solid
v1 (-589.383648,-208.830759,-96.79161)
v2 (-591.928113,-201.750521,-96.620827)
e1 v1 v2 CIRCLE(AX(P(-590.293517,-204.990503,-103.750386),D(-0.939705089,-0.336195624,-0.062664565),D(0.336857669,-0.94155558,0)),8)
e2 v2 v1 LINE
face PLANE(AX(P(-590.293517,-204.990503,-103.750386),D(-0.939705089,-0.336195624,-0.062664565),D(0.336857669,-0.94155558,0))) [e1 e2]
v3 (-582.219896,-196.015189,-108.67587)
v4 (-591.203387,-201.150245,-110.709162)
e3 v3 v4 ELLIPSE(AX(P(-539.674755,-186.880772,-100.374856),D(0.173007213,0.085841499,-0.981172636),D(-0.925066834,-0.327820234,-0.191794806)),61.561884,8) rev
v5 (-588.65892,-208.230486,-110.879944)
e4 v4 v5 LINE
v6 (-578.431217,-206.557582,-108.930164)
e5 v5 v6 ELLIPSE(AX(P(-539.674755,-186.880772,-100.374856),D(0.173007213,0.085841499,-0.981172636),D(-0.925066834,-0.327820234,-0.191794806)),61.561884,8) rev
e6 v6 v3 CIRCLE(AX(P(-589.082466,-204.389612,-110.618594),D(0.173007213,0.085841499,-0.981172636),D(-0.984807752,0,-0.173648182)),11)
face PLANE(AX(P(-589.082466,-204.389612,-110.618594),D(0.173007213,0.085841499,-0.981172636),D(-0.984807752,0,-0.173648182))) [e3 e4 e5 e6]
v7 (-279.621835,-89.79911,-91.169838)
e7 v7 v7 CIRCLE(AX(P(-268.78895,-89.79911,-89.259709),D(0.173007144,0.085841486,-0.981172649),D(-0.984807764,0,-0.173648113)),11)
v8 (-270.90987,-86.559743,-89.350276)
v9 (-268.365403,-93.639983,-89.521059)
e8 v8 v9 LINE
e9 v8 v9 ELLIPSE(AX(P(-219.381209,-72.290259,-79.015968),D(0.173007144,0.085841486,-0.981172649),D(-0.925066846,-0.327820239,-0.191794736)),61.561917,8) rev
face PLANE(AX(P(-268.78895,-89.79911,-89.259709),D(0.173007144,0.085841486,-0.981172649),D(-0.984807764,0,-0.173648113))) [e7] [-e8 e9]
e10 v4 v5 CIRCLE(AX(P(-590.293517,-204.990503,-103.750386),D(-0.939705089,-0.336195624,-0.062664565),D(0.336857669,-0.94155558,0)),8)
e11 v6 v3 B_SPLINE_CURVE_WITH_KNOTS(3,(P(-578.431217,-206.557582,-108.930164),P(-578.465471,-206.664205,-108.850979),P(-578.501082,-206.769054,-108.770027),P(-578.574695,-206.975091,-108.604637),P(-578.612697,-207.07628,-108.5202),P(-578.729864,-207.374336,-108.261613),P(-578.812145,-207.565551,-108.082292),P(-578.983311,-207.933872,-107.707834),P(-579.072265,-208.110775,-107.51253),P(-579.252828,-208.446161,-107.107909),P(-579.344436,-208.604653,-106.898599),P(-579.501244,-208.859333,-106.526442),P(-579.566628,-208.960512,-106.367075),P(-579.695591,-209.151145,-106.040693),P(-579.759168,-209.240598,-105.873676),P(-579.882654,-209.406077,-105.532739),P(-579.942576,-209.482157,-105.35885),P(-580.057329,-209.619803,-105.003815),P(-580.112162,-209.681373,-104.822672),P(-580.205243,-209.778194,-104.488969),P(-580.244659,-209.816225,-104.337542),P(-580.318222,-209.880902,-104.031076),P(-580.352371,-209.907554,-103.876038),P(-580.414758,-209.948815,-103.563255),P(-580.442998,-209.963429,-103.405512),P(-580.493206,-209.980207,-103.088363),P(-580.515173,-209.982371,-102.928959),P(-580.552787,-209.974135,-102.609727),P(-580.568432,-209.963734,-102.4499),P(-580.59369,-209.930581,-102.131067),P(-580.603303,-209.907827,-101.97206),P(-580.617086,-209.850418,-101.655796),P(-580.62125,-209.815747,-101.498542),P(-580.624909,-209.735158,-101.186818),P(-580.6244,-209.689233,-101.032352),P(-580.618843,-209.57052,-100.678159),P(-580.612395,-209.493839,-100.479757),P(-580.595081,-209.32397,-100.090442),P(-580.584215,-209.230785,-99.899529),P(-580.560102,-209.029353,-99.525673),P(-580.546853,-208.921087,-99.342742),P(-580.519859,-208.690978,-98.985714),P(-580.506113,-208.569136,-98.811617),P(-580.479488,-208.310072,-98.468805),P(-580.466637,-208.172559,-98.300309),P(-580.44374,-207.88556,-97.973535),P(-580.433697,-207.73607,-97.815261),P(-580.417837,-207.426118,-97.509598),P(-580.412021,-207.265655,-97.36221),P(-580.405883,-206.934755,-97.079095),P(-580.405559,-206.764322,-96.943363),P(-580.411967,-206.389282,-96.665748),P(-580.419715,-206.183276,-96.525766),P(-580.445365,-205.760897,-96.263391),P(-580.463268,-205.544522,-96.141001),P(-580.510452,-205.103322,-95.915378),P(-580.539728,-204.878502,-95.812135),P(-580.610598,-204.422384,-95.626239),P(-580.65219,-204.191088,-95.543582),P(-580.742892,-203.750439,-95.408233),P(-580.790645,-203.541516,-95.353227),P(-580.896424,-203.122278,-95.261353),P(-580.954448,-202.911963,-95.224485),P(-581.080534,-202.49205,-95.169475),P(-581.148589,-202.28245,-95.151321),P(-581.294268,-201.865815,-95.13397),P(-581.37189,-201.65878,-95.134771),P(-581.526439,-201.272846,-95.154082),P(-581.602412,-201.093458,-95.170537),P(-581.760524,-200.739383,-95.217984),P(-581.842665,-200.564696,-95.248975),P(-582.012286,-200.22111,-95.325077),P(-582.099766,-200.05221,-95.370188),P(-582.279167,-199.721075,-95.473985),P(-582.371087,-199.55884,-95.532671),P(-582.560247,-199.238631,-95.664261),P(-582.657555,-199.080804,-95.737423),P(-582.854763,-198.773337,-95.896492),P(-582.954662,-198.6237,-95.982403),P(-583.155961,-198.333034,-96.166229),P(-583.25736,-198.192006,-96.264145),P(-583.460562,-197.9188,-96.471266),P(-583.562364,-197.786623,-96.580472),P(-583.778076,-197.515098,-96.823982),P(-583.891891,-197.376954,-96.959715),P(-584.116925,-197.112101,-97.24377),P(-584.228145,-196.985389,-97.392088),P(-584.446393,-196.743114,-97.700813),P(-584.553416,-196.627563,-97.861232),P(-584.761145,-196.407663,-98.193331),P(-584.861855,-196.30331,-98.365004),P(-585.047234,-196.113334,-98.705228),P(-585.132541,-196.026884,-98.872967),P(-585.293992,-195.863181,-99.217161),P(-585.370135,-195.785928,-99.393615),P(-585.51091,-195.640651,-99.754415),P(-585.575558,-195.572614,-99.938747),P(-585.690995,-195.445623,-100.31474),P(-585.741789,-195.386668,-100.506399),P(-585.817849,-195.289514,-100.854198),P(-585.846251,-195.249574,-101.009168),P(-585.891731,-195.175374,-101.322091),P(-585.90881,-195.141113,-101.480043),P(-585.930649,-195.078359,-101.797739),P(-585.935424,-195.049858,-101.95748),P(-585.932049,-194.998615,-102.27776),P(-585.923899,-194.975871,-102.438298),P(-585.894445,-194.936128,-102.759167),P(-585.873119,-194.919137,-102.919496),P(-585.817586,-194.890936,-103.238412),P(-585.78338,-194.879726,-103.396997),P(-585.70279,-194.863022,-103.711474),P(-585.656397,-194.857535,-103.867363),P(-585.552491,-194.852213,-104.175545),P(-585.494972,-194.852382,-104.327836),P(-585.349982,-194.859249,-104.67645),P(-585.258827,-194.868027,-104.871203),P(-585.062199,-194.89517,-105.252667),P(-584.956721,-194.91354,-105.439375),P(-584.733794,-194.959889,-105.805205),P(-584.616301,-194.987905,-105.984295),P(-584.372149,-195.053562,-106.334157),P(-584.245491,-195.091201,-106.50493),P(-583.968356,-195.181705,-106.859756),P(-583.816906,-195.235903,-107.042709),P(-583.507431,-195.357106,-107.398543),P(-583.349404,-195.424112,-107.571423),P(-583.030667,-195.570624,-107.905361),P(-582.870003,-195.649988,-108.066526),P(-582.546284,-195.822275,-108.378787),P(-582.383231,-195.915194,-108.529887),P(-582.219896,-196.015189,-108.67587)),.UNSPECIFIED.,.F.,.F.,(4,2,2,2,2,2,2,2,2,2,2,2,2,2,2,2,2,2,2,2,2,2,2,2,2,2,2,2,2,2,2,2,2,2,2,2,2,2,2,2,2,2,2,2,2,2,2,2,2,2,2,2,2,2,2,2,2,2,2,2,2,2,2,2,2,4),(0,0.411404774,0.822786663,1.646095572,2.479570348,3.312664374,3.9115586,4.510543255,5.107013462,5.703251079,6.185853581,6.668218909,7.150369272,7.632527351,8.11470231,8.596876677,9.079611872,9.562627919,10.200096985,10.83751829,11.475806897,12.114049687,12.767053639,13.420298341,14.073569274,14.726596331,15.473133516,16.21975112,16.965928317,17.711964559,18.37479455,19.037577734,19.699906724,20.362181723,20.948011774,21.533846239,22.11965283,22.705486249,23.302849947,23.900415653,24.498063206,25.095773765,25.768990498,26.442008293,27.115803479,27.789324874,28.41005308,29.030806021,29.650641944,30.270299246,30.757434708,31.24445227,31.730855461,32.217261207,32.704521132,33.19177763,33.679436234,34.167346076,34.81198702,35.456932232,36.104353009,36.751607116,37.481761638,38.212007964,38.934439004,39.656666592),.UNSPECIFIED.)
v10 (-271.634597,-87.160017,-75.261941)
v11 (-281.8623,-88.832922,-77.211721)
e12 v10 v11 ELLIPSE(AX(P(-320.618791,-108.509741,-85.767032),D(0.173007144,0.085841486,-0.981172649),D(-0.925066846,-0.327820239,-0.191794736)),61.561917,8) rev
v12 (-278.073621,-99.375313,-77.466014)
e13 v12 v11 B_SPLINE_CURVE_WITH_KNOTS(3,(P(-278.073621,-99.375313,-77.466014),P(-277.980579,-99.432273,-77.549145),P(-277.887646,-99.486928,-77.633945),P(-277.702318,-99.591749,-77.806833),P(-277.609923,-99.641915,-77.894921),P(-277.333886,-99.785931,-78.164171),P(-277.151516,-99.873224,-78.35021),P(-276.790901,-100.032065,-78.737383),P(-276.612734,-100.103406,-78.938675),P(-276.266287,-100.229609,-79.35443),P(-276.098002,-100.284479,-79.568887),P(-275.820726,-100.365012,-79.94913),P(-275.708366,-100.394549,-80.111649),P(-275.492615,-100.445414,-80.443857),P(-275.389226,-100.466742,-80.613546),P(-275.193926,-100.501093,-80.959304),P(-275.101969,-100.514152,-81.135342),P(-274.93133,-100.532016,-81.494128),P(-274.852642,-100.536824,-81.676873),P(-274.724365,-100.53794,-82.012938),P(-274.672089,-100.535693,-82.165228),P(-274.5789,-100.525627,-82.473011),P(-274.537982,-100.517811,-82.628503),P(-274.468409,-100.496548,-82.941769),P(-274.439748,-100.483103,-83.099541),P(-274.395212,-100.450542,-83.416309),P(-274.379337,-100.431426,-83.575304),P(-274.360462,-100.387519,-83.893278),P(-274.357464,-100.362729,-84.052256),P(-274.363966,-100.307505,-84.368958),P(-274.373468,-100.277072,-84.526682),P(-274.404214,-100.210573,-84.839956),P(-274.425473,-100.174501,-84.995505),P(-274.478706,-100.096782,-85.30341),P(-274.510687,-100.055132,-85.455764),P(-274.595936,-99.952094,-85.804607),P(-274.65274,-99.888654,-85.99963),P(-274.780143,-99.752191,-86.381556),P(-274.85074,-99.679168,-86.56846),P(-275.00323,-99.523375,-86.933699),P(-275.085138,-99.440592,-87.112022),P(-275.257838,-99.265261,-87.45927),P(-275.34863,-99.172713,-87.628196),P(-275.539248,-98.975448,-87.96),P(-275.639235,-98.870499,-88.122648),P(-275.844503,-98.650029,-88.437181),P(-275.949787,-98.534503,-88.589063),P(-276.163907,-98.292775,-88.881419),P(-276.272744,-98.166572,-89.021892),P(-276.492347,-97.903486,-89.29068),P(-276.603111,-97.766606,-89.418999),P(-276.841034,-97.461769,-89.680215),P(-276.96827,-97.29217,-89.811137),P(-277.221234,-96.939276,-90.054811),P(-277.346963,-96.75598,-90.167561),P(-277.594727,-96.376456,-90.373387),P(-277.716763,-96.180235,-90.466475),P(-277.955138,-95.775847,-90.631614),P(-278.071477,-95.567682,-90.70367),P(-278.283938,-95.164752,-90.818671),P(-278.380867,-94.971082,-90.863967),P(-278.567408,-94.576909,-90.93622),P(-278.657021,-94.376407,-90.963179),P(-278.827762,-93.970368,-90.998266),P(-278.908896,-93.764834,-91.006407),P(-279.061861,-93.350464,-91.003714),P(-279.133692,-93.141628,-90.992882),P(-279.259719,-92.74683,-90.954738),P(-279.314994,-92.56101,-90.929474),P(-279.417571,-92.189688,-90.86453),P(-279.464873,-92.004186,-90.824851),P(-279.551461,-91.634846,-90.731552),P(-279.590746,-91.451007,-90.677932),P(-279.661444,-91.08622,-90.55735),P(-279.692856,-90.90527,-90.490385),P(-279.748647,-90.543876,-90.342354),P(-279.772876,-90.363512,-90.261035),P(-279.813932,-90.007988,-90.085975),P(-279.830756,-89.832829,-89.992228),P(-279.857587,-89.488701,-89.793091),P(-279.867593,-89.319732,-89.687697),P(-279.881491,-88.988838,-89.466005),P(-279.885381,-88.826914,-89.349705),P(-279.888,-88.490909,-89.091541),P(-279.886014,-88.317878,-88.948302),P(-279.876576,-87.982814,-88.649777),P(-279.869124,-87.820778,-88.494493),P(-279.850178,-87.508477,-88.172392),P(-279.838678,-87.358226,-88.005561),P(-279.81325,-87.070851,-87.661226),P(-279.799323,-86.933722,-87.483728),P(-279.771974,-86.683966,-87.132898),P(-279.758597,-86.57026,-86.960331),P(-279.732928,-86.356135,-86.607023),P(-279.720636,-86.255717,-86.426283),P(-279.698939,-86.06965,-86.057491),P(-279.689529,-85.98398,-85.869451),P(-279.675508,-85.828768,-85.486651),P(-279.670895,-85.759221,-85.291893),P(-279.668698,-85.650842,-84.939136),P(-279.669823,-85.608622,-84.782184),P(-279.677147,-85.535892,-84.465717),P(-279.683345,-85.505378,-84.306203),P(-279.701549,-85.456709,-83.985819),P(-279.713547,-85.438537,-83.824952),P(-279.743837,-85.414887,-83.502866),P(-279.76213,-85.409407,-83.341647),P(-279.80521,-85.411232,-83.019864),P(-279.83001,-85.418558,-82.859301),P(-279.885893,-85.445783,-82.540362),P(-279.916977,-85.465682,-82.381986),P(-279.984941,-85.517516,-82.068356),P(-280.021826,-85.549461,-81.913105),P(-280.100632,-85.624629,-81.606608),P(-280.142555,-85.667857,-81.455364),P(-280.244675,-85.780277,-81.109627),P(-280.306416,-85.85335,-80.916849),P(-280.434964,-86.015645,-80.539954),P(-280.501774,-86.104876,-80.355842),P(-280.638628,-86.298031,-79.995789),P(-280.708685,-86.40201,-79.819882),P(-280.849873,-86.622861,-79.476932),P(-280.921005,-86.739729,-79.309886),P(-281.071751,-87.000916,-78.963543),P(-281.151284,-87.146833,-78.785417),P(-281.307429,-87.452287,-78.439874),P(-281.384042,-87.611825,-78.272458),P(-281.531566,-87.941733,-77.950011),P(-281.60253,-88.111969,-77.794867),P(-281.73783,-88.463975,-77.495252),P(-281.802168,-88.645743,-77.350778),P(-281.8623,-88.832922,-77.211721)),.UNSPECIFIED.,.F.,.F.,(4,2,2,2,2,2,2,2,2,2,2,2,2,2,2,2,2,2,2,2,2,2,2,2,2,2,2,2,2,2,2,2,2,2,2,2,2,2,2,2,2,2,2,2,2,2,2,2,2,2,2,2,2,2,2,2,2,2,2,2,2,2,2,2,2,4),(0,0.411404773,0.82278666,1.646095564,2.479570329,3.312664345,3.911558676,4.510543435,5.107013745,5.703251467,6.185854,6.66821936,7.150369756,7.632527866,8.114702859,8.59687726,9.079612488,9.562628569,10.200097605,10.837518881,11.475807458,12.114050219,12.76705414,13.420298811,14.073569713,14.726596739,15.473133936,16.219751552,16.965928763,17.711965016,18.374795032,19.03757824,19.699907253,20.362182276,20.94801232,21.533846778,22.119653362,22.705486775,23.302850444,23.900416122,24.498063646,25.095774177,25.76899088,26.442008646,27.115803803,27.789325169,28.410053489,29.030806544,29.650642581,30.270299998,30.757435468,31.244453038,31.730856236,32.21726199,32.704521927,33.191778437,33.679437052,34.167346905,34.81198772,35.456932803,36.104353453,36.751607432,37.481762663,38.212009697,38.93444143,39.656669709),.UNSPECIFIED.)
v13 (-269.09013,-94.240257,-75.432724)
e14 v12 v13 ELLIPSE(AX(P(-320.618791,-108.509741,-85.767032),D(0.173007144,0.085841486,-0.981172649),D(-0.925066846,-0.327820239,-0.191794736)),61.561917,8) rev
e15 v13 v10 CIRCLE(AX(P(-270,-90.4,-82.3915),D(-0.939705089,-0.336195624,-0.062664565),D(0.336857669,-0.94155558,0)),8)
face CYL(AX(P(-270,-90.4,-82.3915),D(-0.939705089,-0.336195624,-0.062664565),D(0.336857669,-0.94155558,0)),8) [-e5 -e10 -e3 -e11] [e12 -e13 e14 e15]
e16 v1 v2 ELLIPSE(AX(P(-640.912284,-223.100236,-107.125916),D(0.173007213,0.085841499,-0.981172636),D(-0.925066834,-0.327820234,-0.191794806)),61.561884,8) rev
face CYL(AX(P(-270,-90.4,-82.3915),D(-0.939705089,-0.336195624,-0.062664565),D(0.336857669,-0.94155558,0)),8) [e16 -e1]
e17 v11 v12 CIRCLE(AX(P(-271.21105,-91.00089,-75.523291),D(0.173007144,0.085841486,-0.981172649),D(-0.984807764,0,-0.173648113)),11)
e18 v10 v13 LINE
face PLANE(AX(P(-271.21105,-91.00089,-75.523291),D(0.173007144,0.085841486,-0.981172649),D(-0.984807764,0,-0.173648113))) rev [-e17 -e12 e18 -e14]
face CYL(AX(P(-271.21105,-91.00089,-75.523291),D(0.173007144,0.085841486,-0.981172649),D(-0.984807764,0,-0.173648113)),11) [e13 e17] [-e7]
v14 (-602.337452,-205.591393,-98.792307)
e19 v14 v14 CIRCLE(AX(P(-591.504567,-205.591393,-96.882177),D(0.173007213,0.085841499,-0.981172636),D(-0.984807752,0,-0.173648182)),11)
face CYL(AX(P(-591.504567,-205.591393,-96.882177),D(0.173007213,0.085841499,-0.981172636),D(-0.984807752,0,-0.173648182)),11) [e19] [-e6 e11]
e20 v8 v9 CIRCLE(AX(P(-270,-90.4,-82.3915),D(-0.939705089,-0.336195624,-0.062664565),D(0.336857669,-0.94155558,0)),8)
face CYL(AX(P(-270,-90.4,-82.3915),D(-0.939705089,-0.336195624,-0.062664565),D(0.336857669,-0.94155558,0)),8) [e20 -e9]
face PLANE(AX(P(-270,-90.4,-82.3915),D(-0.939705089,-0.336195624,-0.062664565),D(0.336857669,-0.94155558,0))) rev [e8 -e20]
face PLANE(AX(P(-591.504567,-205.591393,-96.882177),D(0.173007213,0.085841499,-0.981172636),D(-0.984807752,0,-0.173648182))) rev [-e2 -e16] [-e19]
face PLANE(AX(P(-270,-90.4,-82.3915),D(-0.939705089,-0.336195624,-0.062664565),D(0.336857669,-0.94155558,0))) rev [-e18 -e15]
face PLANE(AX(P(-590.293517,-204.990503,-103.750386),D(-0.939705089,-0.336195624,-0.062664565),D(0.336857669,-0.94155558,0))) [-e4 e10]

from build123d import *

# Parameters (mm, degrees)
SUSP_FL_TIE_ROD_PROFILE_R             = 8
SUSP_FL_TIE_ROD_ROD_END_IN_PROFILE_R  = 11
SUSP_FL_TIE_ROD_ROD_END_OUT_PROFILE_R = 11


with BuildPart() as part:
    # SUSP_FL_tie_rod: sweep along a curve in space
    with BuildLine() as susp_fl_tie_rod_path:
        Line((-270, -90.4, -82.3915), (-590.293517, -204.990503, -103.750386))
    # SUSP_FL_tie_rod profile (on start of the path) → SUSP_FL_tie_rod (sweep)
    with BuildSketch(Plane(origin=(-270, -90.4, -82.3915), x_dir=(0.33685766905299525, -0.9415555803032463, 0), z_dir=(-0.9397050891891743, -0.3361956240964046, -0.06266456487038859))):
        Circle(SUSP_FL_TIE_ROD_PROFILE_R)
    sweep(path=susp_fl_tie_rod_path.line)

    # SUSP_FL_tie_rod_rod_end_in: sweep along a curve in space
    with BuildLine() as susp_fl_tie_rod_rod_end_in_path:
        Line((-271.21105, -91.0008904, -75.5232915), (-268.78895, -89.7991096, -89.2597085))
    # SUSP_FL_tie_rod_rod_end_in profile (on start of the path) → SUSP_FL_tie_rod_rod_end_in (sweep)
    with BuildSketch(Plane(origin=(-271.21105, -91.0008904, -75.5232915), x_dir=(-0.9848077644799927, 0, -0.17364811262987942), z_dir=(0.17300714396088532, 0.08584148626193362, -0.9811726491167799))):
        Circle(SUSP_FL_TIE_ROD_ROD_END_IN_PROFILE_R)
    sweep(path=susp_fl_tie_rod_rod_end_in_path.line)

    # SUSP_FL_tie_rod_rod_end_out: sweep along a curve in space
    with BuildLine() as susp_fl_tie_rod_rod_end_out_path:
        Line((-591.504567, -205.591393, -96.882177), (-589.082466, -204.389612, -110.618594))
    # SUSP_FL_tie_rod_rod_end_out profile (on start of the path) → SUSP_FL_tie_rod_rod_end_out (sweep)
    with BuildSketch(Plane(origin=(-591.504567, -205.591393, -96.882177), x_dir=(-0.9848077522197362, 0, -0.17364818216126232), z_dir=(0.17300721303932562, 0.08584149938158056, -0.9811726357885688))):
        Circle(SUSP_FL_TIE_ROD_ROD_END_OUT_PROFILE_R)
    sweep(path=susp_fl_tie_rod_rod_end_out_path.line)


solid = part.part
